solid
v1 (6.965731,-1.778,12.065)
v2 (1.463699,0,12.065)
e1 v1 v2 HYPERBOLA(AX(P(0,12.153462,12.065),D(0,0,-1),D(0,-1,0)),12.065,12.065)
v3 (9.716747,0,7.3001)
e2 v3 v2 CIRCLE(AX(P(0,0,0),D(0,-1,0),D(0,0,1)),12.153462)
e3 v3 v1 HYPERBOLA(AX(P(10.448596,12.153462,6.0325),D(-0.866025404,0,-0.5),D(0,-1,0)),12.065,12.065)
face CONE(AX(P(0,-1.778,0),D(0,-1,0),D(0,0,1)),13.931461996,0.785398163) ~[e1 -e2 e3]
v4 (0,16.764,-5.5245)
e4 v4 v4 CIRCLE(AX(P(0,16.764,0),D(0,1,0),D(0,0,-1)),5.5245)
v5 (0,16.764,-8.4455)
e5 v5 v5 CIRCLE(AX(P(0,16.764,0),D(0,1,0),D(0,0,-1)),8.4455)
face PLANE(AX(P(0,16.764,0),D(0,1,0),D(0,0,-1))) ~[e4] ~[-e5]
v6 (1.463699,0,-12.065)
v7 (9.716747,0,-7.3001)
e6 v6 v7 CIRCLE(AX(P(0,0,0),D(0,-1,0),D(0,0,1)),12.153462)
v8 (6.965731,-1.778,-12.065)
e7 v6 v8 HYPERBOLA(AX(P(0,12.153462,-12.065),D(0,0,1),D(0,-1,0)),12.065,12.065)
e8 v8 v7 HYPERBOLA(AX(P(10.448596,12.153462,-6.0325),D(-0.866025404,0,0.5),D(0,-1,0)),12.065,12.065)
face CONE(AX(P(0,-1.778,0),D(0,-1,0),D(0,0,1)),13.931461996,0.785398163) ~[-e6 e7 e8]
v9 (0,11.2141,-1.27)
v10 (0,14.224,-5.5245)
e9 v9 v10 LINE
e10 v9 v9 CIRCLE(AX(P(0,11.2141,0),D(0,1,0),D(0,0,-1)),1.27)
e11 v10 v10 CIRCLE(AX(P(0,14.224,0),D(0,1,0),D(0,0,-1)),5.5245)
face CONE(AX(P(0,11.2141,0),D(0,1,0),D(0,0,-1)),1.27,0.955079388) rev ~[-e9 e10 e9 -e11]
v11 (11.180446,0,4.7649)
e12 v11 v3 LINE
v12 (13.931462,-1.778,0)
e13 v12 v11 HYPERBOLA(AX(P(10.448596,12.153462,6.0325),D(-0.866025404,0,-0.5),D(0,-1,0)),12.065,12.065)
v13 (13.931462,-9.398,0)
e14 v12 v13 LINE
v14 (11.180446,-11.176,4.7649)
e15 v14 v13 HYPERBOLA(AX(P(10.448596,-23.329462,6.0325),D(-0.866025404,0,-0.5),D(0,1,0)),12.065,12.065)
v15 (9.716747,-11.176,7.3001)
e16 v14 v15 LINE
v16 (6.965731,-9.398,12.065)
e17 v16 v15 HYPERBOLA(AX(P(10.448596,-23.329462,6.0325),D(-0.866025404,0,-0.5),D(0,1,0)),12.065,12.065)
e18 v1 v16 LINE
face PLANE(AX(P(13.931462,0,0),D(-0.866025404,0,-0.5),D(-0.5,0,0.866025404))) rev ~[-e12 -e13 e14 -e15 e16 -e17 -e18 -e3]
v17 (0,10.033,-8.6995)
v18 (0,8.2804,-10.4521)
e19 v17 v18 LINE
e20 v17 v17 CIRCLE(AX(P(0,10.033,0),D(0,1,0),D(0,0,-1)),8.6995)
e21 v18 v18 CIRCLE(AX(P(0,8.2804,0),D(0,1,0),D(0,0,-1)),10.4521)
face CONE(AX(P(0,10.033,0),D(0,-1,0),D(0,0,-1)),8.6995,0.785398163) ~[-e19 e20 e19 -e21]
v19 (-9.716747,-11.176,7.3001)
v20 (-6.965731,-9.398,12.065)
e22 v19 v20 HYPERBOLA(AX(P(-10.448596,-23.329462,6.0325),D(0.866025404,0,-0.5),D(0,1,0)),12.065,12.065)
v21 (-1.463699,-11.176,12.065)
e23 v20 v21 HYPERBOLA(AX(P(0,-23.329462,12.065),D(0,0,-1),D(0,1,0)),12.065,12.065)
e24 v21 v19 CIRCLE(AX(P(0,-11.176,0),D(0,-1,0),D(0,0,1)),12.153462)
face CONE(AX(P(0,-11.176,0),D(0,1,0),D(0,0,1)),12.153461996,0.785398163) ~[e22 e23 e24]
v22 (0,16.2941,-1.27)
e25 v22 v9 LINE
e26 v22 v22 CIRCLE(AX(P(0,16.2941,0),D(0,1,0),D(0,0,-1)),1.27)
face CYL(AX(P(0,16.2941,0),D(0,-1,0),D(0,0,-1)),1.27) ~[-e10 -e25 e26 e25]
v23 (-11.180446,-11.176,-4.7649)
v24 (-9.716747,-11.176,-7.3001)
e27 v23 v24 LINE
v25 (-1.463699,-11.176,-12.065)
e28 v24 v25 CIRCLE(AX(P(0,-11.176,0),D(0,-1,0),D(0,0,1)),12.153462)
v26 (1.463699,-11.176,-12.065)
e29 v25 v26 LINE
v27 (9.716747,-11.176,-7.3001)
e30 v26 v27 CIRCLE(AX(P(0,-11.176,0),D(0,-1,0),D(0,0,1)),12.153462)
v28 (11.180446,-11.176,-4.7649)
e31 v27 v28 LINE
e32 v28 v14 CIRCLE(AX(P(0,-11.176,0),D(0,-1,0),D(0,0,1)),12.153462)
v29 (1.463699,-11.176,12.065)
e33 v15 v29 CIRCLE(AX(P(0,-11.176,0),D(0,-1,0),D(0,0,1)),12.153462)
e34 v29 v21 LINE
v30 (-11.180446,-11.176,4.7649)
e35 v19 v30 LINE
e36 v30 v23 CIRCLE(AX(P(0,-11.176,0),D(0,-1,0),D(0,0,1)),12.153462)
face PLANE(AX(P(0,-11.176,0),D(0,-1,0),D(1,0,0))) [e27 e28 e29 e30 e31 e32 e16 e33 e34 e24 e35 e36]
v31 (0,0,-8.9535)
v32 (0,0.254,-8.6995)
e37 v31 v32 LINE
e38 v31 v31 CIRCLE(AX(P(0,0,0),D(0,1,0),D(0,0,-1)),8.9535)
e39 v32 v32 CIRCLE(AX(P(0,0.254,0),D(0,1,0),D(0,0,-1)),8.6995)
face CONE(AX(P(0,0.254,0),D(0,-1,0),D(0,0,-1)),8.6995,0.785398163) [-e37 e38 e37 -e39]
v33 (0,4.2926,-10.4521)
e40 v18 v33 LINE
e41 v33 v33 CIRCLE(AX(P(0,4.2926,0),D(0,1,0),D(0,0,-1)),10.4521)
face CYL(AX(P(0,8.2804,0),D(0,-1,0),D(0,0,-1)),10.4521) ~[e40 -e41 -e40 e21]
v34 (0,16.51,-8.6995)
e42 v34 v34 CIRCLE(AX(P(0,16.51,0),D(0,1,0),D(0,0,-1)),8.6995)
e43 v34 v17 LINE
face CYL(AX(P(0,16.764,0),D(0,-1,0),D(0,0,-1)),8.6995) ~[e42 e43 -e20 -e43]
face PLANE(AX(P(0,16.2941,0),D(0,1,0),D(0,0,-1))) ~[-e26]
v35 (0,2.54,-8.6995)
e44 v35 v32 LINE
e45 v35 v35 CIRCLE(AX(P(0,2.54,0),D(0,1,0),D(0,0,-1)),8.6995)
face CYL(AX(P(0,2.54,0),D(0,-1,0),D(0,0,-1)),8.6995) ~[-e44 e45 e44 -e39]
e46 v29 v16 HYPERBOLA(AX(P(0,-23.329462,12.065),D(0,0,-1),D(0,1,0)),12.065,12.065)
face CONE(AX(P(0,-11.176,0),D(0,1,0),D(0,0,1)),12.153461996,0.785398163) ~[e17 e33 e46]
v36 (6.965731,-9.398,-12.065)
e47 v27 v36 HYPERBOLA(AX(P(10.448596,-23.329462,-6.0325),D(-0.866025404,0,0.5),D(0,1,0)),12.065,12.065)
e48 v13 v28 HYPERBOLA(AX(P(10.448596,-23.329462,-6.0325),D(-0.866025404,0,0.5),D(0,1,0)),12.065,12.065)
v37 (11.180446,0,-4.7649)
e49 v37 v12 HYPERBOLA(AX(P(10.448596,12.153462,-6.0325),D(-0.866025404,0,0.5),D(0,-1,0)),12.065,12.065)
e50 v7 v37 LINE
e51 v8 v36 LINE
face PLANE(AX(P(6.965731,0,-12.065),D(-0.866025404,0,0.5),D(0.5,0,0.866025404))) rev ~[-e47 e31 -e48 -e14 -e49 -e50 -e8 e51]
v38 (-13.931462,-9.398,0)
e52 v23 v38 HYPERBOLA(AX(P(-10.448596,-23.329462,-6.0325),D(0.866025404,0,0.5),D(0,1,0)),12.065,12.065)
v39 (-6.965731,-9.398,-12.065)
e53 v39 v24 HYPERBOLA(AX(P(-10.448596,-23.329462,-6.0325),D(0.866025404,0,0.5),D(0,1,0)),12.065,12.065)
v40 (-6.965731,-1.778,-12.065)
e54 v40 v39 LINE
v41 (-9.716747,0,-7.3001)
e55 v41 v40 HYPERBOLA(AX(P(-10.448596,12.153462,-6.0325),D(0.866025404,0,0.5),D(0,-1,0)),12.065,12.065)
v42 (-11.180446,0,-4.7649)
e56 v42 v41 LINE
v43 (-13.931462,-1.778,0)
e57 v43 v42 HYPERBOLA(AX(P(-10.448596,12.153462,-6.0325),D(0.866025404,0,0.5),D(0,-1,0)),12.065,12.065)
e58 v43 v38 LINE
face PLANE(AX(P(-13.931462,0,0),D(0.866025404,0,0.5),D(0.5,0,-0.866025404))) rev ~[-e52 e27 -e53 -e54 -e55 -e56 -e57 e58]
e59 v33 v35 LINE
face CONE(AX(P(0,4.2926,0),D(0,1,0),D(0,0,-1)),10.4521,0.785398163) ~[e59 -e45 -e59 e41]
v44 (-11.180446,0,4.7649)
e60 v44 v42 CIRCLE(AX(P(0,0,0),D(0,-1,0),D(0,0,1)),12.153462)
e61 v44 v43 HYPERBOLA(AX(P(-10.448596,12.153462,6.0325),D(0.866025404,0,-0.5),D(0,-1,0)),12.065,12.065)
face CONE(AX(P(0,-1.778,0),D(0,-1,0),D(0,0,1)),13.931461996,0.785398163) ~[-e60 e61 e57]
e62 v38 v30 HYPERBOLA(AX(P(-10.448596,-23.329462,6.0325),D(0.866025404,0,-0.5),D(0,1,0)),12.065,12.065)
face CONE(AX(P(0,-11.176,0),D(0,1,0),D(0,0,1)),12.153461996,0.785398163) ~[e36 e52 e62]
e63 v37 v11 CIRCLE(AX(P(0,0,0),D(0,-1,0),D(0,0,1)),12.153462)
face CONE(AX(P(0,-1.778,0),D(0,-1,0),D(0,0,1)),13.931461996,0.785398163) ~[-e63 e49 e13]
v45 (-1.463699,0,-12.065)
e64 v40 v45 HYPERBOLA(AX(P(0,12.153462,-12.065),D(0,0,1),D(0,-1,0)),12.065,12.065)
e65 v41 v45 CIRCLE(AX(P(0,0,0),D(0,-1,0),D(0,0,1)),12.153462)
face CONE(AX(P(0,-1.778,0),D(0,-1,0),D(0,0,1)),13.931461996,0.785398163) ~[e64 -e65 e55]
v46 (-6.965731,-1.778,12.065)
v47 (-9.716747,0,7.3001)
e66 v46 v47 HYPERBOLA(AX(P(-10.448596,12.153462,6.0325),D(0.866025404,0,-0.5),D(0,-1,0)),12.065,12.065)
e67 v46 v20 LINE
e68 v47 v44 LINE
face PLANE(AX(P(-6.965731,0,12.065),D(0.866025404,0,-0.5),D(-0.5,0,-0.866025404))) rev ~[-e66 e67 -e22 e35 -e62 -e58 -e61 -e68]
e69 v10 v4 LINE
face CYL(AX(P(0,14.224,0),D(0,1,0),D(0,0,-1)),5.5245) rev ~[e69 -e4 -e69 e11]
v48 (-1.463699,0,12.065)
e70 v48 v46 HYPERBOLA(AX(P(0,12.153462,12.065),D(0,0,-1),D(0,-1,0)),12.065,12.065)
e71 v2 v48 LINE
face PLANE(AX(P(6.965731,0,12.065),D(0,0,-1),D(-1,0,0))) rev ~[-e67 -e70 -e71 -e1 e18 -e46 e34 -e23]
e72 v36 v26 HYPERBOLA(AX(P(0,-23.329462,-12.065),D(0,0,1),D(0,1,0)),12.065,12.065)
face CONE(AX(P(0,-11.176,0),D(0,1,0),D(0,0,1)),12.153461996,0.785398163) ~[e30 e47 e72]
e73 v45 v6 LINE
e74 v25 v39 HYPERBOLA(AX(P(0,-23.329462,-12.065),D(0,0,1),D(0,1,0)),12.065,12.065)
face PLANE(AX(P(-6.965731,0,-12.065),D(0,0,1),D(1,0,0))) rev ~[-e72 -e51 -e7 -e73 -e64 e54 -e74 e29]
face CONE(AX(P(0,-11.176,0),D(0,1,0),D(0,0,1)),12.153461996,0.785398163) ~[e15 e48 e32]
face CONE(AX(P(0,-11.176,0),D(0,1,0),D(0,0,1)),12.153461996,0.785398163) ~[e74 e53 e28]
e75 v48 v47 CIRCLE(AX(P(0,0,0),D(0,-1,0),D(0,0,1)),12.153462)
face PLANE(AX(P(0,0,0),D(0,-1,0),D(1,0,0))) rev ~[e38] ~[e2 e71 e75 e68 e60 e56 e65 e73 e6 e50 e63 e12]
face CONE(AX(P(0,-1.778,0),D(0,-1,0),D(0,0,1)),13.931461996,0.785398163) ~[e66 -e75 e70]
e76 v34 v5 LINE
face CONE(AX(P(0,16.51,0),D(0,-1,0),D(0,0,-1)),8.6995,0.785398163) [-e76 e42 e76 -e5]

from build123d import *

# Parameters (mm, degrees)
BOSS_EXTRUDE1_DEPTH = 11.176
CHAMFER1_SIZE       = 0.254


with BuildPart() as part:
    # Sketch2 → Revolve1 (revolve)
    with BuildSketch(Plane.XY, mode=Mode.PRIVATE) as revolve1_sk:
        Polygon((0, 0), (0, 16.2941), (1.27, 16.2941), (1.27, 11.2141), (5.5245, 14.224), (5.5245, 16.764), (8.6995, 16.764), (8.6995, 10.033), (10.4521, 8.2804), (10.4521, 4.2926), (8.6995, 2.54), (8.6995, 0), align=None)
    revolve(revolve1_sk.sketch.rotate(Axis((0, 0, 0), (0, 1, 0)), 90), axis=Axis((0, 0, 0), (0, 1, 0)))

    # Sketch3 → Boss-Extrude1 (add)
    with BuildSketch(Plane.XZ):
        Polygon((13.931461996, 0), (6.965730998, 12.065), (-6.965730998, 12.065), (-13.931461996, 0), (-6.965730998, -12.065), (6.965730998, -12.065), align=None)
    extrude(amount=BOSS_EXTRUDE1_DEPTH)

    # Sketch5 → Cut-Revolve1 (revolve, cut)
    with BuildSketch(Plane.XY, mode=Mode.PRIVATE) as cut_revolve1_sk:
        Polygon((13.931461996, -1.778), (12.153461996, 0), (16.589687484, 0), (16.589687484, -11.176), (12.153461996, -11.176), (13.931461996, -9.398), align=None)
    revolve(cut_revolve1_sk.sketch.rotate(Axis((0, 0, 0), (0, -1, 0)), 90), axis=Axis((0, 0, 0), (0, -1, 0)), mode=Mode.SUBTRACT)

    # Chamfer1
    chamfer1_edges = [part.edges().sort_by_distance(p)[0] for p in [
        (0, 16.764, 8.6995),
        (0, 0, 8.6995),
    ]]
    chamfer(chamfer1_edges, length=CHAMFER1_SIZE)


solid = part.part
